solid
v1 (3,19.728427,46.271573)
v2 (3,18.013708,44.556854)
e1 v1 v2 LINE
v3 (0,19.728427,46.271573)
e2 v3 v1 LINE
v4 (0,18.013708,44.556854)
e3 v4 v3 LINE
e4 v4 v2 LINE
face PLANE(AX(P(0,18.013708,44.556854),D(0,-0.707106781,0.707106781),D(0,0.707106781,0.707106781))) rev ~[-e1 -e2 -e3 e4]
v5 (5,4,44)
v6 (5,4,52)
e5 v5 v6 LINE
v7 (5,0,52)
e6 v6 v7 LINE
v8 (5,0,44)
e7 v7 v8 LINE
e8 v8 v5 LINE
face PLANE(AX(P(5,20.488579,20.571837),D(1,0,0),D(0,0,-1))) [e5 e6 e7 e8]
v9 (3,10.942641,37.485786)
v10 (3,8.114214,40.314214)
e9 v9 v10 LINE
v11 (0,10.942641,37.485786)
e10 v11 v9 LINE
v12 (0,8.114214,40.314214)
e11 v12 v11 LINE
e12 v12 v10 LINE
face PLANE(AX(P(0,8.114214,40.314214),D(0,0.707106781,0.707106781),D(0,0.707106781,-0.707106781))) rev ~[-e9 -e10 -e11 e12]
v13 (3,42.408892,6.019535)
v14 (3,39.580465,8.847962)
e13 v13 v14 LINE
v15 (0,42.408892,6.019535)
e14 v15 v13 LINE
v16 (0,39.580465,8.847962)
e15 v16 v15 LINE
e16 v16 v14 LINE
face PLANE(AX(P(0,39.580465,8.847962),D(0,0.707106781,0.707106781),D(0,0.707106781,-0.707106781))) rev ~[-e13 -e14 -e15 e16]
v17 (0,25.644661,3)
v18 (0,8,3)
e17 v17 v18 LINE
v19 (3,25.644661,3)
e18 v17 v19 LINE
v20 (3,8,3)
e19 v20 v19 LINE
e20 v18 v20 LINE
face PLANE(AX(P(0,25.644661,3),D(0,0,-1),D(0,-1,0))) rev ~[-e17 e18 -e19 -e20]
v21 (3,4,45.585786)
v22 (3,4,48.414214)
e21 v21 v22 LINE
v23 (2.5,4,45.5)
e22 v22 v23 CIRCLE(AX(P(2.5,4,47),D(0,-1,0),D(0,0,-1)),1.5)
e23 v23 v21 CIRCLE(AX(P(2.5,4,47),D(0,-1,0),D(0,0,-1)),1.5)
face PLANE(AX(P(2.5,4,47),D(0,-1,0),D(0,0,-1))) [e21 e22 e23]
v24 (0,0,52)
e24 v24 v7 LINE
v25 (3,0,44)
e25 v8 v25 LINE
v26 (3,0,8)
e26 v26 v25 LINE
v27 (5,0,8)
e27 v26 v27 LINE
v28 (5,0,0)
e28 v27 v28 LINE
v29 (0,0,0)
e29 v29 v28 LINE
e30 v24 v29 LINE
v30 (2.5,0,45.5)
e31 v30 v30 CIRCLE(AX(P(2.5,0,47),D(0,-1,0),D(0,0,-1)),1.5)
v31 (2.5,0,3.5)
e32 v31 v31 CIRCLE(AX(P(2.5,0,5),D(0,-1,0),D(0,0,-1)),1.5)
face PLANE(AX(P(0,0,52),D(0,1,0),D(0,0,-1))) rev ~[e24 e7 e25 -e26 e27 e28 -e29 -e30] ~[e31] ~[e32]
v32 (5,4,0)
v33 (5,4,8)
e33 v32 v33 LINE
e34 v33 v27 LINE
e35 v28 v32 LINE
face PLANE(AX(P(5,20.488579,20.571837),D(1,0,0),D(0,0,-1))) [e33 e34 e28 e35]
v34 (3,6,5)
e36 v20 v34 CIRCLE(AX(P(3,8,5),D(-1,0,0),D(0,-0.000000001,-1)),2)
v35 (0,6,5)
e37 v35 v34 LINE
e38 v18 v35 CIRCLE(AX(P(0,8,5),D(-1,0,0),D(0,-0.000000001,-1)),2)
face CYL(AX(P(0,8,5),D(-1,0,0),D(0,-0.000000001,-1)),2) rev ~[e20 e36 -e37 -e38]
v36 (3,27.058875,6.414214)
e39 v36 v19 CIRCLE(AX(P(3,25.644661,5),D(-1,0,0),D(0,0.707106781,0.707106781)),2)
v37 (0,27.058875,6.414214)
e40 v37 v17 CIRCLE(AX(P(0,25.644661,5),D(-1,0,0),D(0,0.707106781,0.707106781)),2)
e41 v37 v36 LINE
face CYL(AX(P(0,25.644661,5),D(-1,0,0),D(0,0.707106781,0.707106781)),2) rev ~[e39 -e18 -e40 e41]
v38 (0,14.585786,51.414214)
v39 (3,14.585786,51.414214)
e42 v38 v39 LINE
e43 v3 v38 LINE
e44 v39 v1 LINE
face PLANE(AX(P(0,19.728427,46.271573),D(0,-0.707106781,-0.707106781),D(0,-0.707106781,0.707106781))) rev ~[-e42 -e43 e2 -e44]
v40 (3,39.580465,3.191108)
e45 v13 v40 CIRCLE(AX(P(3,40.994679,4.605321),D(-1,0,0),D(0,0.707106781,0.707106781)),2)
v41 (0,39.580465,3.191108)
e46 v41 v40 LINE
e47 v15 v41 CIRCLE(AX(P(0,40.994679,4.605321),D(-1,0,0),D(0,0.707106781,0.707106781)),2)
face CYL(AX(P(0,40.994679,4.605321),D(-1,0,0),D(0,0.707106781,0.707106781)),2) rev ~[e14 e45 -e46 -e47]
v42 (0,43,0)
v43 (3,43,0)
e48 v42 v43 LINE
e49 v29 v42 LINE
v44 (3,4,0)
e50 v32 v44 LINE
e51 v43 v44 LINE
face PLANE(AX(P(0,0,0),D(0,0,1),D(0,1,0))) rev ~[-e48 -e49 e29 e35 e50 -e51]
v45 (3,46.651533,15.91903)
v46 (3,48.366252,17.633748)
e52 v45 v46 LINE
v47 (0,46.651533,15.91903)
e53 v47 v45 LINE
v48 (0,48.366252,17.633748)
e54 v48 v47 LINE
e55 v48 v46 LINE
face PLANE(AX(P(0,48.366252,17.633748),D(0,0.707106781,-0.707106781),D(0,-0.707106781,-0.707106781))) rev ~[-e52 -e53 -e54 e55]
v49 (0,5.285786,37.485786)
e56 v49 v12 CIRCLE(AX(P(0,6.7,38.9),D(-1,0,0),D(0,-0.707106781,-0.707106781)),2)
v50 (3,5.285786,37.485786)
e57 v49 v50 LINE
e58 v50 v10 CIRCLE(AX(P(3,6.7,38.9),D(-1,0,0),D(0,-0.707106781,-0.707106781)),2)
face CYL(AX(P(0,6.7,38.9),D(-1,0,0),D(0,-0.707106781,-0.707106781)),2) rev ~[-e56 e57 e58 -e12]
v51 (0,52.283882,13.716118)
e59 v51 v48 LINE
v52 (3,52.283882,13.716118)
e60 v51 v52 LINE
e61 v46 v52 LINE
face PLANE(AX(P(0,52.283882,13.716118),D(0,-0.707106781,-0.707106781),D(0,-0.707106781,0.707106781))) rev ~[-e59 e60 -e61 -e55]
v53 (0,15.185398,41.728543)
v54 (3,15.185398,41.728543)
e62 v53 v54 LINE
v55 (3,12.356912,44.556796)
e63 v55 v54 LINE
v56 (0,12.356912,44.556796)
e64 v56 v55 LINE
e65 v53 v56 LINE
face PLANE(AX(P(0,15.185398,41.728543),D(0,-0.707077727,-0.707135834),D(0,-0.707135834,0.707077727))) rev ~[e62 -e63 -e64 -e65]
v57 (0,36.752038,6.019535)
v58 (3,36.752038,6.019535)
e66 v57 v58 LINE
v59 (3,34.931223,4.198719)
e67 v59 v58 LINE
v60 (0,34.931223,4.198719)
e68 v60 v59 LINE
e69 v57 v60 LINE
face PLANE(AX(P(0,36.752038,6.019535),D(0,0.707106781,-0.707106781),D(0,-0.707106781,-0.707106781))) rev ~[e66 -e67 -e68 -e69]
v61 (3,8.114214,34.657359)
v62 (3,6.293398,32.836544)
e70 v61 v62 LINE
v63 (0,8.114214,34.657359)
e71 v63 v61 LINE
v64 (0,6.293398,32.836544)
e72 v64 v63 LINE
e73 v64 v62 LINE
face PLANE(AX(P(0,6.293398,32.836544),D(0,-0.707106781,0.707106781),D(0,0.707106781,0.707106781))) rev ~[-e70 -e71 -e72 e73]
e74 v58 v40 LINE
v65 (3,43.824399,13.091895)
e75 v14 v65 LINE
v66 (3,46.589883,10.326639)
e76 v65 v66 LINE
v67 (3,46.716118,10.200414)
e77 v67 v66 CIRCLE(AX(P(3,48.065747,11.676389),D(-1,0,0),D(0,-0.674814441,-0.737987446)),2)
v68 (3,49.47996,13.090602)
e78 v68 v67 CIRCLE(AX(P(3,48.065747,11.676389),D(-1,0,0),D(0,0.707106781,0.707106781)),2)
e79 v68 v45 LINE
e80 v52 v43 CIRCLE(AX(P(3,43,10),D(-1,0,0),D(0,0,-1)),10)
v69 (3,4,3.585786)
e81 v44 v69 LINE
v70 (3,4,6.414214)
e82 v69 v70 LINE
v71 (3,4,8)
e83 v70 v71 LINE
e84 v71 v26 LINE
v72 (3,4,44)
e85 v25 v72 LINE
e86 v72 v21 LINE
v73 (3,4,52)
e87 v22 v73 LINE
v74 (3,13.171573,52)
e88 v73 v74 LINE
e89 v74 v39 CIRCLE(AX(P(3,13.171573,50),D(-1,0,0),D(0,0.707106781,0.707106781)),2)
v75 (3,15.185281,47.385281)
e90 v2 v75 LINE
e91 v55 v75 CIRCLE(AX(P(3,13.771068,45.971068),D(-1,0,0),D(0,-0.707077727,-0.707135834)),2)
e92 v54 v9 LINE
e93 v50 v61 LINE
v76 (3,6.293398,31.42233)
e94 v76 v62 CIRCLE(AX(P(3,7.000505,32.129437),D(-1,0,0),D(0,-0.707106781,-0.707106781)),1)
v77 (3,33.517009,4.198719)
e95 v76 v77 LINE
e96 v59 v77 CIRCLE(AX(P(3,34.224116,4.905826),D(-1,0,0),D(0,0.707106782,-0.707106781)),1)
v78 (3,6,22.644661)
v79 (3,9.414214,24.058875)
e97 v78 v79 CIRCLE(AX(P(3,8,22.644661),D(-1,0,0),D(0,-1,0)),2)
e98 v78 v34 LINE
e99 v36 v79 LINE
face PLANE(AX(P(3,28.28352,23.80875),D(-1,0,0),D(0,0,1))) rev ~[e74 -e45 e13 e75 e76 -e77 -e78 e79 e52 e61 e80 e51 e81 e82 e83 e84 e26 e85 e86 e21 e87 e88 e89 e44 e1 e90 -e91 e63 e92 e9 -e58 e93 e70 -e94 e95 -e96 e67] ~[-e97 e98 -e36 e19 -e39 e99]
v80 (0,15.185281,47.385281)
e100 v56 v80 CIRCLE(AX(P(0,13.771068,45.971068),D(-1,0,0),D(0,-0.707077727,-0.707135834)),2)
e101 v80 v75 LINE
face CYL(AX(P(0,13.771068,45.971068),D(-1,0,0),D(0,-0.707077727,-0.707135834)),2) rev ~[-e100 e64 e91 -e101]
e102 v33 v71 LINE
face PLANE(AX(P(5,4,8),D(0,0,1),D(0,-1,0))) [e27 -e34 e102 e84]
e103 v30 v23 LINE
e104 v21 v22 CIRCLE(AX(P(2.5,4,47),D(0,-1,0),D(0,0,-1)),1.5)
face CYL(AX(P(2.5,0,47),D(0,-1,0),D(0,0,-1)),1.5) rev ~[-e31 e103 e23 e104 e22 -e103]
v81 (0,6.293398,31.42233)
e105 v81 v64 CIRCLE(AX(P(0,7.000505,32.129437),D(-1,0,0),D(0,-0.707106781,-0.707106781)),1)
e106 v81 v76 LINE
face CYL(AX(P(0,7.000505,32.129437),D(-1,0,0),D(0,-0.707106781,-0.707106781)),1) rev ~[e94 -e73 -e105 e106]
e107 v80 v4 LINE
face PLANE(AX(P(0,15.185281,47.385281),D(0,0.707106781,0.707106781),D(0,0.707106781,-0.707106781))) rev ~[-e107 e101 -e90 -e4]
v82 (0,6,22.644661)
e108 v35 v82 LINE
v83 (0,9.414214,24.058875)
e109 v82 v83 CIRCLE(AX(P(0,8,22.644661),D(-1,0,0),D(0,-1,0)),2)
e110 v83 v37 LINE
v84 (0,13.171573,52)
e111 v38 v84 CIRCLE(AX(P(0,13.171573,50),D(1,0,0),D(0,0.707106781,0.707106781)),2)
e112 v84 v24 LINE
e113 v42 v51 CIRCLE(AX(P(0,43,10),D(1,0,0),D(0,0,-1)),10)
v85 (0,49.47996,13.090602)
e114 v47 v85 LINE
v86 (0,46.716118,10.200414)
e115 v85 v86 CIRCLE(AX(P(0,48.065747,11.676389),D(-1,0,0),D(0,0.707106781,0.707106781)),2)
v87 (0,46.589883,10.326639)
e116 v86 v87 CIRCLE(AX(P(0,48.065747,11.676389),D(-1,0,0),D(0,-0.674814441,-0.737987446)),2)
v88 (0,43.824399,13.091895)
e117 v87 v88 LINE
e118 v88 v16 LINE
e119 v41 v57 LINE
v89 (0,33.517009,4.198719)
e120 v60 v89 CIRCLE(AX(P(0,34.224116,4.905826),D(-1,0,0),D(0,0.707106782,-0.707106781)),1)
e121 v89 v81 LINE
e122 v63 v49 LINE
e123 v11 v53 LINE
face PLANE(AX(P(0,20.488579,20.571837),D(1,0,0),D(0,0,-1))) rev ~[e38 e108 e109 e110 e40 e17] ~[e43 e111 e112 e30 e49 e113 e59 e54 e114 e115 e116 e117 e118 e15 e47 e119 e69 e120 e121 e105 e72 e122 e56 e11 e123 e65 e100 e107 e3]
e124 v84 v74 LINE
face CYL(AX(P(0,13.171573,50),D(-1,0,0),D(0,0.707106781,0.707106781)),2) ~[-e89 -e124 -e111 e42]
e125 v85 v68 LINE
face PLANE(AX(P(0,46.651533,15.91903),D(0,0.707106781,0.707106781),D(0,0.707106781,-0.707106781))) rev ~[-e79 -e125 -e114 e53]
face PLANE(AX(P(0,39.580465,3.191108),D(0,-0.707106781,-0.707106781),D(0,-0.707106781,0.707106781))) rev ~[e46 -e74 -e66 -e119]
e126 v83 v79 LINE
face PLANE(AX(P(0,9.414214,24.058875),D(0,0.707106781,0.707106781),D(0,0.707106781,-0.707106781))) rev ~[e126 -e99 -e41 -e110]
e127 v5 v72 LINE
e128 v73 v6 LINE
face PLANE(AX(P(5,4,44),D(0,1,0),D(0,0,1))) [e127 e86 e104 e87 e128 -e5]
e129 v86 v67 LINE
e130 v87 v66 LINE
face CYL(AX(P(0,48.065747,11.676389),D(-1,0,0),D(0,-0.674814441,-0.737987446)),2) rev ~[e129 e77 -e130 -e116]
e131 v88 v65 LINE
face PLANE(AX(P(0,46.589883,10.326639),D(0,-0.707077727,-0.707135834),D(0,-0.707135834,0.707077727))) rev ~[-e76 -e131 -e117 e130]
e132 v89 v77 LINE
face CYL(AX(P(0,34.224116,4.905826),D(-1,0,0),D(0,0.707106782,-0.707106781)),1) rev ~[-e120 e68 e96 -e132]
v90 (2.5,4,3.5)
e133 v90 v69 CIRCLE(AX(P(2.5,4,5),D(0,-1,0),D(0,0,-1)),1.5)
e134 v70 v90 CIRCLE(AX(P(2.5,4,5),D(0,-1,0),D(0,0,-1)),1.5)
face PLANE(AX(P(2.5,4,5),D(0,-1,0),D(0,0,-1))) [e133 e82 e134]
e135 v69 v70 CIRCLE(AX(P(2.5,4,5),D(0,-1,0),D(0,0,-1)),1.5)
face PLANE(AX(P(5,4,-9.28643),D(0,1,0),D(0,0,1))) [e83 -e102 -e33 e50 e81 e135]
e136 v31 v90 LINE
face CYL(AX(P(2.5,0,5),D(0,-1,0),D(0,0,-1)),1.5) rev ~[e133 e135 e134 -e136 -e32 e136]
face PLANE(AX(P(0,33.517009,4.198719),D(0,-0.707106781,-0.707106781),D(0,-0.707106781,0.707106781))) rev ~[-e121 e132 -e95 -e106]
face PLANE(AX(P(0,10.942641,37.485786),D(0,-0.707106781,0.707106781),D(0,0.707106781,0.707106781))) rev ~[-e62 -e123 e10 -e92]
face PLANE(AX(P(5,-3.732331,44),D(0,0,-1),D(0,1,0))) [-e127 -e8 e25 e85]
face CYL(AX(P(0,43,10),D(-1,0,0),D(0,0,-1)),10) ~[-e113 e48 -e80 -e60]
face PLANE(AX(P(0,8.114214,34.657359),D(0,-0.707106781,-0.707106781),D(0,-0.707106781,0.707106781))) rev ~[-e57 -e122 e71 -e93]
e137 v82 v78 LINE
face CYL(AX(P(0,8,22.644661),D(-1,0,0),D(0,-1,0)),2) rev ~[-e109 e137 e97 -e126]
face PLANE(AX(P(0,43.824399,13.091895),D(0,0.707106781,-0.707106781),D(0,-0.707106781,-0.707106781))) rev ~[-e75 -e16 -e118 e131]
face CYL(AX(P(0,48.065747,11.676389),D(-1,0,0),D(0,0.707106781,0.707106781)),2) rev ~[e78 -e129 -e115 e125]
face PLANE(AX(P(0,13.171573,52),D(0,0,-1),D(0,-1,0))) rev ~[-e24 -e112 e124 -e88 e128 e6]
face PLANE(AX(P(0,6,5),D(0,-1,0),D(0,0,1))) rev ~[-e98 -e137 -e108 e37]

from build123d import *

# Parameters (mm, degrees)
EXTRUDE_1_DEPTH     = 5
CUT_EXTRUDE_1_DEPTH = 2
SKETCH_3_R          = 1.5
CUT_EXTRUDE_2_DEPTH = 4


with BuildPart() as part:
    # 草图1 → 凸台-拉伸1 (new body)
    with BuildSketch(Plane(origin=(0, 0, 0), x_dir=(0, 0, -1), z_dir=(1, 0, 0))):
        with BuildLine():
            Line((-52, 0), (0, 0))
            Line((0, 0), (0, 43))
            ThreePointArc((0, 43), (-4.394697965, 51.281339813), (-13.716117819, 52.283882181))
            Line((-13.716117819, 52.283882181), (-17.633748237, 48.366251763))
            Line((-17.633748237, 48.366251763), (-15.919029611, 46.651533137))
            Line((-15.919029611, 46.651533137), (-13.090602487, 49.479960262))
            ThreePointArc((-13.090602487, 49.479960262), (-10.294122713, 49.511201687), (-10.200414032, 46.716117819))
            ThreePointArc((-10.200414032, 46.716117819), (-10.262117257, 46.651591245), (-10.32663876, 46.589882717))
            Line((-10.32663876, 46.589882717), (-13.091895354, 43.824398879))
            Line((-13.091895354, 43.824398879), (-8.8479618, 39.580465325))
            Line((-8.8479618, 39.580465325), (-6.019534675, 42.40889245))
            ThreePointArc((-6.019534675, 42.40889245), (-3.19110755, 42.40889245), (-3.19110755, 39.580465325))
            Line((-3.19110755, 39.580465325), (-6.019534675, 36.7520382))
            Line((-6.019534675, 36.7520382), (-4.198719395, 34.93122292))
            ThreePointArc((-4.198719395, 34.93122292), (-3.905826176, 34.224116139), (-4.198719395, 33.517009358))
            Line((-4.198719395, 33.517009358), (-31.42233047, 6.293398282))
            ThreePointArc((-31.42233047, 6.293398282), (-32.129437252, 6.000505063), (-32.836544033, 6.293398282))
            Line((-32.836544033, 6.293398282), (-34.657359313, 8.114213562))
            Line((-34.657359313, 8.114213562), (-37.485786438, 5.285786438))
            ThreePointArc((-37.485786438, 5.285786438), (-40.314213562, 5.285786438), (-40.314213562, 8.114213562))
            Line((-40.314213562, 8.114213562), (-37.485786438, 10.942640687))
            Line((-37.485786438, 10.942640687), (-41.728543336, 15.185397586))
            Line((-41.728543336, 15.185397586), (-44.556796144, 12.356912357))
            ThreePointArc((-44.556796144, 12.356912357), (-47.385252321, 12.356825197), (-47.385281374, 15.185281374))
            Line((-47.385281374, 15.185281374), (-44.556854249, 18.013708499))
            Line((-44.556854249, 18.013708499), (-46.271572875, 19.728427125))
            Line((-46.271572875, 19.728427125), (-51.414213562, 14.585786438))
            ThreePointArc((-51.414213562, 14.585786438), (-51.847759065, 13.93693974), (-52, 13.171572875))
            Line((-52, 13.171572875), (-52, 0))
        make_face()
        with BuildLine():
            Line((-24.058874503, 9.414213562), (-6.414213562, 27.058874503))
            ThreePointArc((-6.414213562, 27.058874503), (-4.234633135, 27.492420006), (-3, 25.644660941))
            Line((-3, 25.644660941), (-3, 8))
            ThreePointArc((-3, 8), (-3.585786438, 6.585786438), (-5, 6))
            Line((-5, 6), (-22.644660941, 6))
            ThreePointArc((-22.644660941, 6), (-24.492420006, 7.234633135), (-24.058874503, 9.414213562))
        make_face(mode=Mode.SUBTRACT)
    extrude(amount=EXTRUDE_1_DEPTH)

    # 草图2 → 切除-拉伸1 (cut)
    with BuildSketch(Plane(origin=(5, 0, 0), x_dir=(0, 0, -1), z_dir=(1, 0, 0))):
        Polygon((9.286430281, 4), (-8, 4), (-8, -3.732330809), (-44, -3.732330809), (-44, 4), (-56.622484713, 4), (-56.622484713, 58.494521895), (9.286430281, 58.494521895), align=None)
    extrude(amount=-CUT_EXTRUDE_1_DEPTH, mode=Mode.SUBTRACT)

    # 草图3 → 切除-拉伸2 (cut)
    with BuildSketch(Plane.XZ):
        with Locations(Location((2.5, 47, 0), (0, 0, 270))):
            Circle(SKETCH_3_R)
        with Locations(Location((2.5, 5, 0), (0, 0, 270))):
            Circle(SKETCH_3_R)
    extrude(amount=-CUT_EXTRUDE_2_DEPTH, mode=Mode.SUBTRACT)


solid = part.part
